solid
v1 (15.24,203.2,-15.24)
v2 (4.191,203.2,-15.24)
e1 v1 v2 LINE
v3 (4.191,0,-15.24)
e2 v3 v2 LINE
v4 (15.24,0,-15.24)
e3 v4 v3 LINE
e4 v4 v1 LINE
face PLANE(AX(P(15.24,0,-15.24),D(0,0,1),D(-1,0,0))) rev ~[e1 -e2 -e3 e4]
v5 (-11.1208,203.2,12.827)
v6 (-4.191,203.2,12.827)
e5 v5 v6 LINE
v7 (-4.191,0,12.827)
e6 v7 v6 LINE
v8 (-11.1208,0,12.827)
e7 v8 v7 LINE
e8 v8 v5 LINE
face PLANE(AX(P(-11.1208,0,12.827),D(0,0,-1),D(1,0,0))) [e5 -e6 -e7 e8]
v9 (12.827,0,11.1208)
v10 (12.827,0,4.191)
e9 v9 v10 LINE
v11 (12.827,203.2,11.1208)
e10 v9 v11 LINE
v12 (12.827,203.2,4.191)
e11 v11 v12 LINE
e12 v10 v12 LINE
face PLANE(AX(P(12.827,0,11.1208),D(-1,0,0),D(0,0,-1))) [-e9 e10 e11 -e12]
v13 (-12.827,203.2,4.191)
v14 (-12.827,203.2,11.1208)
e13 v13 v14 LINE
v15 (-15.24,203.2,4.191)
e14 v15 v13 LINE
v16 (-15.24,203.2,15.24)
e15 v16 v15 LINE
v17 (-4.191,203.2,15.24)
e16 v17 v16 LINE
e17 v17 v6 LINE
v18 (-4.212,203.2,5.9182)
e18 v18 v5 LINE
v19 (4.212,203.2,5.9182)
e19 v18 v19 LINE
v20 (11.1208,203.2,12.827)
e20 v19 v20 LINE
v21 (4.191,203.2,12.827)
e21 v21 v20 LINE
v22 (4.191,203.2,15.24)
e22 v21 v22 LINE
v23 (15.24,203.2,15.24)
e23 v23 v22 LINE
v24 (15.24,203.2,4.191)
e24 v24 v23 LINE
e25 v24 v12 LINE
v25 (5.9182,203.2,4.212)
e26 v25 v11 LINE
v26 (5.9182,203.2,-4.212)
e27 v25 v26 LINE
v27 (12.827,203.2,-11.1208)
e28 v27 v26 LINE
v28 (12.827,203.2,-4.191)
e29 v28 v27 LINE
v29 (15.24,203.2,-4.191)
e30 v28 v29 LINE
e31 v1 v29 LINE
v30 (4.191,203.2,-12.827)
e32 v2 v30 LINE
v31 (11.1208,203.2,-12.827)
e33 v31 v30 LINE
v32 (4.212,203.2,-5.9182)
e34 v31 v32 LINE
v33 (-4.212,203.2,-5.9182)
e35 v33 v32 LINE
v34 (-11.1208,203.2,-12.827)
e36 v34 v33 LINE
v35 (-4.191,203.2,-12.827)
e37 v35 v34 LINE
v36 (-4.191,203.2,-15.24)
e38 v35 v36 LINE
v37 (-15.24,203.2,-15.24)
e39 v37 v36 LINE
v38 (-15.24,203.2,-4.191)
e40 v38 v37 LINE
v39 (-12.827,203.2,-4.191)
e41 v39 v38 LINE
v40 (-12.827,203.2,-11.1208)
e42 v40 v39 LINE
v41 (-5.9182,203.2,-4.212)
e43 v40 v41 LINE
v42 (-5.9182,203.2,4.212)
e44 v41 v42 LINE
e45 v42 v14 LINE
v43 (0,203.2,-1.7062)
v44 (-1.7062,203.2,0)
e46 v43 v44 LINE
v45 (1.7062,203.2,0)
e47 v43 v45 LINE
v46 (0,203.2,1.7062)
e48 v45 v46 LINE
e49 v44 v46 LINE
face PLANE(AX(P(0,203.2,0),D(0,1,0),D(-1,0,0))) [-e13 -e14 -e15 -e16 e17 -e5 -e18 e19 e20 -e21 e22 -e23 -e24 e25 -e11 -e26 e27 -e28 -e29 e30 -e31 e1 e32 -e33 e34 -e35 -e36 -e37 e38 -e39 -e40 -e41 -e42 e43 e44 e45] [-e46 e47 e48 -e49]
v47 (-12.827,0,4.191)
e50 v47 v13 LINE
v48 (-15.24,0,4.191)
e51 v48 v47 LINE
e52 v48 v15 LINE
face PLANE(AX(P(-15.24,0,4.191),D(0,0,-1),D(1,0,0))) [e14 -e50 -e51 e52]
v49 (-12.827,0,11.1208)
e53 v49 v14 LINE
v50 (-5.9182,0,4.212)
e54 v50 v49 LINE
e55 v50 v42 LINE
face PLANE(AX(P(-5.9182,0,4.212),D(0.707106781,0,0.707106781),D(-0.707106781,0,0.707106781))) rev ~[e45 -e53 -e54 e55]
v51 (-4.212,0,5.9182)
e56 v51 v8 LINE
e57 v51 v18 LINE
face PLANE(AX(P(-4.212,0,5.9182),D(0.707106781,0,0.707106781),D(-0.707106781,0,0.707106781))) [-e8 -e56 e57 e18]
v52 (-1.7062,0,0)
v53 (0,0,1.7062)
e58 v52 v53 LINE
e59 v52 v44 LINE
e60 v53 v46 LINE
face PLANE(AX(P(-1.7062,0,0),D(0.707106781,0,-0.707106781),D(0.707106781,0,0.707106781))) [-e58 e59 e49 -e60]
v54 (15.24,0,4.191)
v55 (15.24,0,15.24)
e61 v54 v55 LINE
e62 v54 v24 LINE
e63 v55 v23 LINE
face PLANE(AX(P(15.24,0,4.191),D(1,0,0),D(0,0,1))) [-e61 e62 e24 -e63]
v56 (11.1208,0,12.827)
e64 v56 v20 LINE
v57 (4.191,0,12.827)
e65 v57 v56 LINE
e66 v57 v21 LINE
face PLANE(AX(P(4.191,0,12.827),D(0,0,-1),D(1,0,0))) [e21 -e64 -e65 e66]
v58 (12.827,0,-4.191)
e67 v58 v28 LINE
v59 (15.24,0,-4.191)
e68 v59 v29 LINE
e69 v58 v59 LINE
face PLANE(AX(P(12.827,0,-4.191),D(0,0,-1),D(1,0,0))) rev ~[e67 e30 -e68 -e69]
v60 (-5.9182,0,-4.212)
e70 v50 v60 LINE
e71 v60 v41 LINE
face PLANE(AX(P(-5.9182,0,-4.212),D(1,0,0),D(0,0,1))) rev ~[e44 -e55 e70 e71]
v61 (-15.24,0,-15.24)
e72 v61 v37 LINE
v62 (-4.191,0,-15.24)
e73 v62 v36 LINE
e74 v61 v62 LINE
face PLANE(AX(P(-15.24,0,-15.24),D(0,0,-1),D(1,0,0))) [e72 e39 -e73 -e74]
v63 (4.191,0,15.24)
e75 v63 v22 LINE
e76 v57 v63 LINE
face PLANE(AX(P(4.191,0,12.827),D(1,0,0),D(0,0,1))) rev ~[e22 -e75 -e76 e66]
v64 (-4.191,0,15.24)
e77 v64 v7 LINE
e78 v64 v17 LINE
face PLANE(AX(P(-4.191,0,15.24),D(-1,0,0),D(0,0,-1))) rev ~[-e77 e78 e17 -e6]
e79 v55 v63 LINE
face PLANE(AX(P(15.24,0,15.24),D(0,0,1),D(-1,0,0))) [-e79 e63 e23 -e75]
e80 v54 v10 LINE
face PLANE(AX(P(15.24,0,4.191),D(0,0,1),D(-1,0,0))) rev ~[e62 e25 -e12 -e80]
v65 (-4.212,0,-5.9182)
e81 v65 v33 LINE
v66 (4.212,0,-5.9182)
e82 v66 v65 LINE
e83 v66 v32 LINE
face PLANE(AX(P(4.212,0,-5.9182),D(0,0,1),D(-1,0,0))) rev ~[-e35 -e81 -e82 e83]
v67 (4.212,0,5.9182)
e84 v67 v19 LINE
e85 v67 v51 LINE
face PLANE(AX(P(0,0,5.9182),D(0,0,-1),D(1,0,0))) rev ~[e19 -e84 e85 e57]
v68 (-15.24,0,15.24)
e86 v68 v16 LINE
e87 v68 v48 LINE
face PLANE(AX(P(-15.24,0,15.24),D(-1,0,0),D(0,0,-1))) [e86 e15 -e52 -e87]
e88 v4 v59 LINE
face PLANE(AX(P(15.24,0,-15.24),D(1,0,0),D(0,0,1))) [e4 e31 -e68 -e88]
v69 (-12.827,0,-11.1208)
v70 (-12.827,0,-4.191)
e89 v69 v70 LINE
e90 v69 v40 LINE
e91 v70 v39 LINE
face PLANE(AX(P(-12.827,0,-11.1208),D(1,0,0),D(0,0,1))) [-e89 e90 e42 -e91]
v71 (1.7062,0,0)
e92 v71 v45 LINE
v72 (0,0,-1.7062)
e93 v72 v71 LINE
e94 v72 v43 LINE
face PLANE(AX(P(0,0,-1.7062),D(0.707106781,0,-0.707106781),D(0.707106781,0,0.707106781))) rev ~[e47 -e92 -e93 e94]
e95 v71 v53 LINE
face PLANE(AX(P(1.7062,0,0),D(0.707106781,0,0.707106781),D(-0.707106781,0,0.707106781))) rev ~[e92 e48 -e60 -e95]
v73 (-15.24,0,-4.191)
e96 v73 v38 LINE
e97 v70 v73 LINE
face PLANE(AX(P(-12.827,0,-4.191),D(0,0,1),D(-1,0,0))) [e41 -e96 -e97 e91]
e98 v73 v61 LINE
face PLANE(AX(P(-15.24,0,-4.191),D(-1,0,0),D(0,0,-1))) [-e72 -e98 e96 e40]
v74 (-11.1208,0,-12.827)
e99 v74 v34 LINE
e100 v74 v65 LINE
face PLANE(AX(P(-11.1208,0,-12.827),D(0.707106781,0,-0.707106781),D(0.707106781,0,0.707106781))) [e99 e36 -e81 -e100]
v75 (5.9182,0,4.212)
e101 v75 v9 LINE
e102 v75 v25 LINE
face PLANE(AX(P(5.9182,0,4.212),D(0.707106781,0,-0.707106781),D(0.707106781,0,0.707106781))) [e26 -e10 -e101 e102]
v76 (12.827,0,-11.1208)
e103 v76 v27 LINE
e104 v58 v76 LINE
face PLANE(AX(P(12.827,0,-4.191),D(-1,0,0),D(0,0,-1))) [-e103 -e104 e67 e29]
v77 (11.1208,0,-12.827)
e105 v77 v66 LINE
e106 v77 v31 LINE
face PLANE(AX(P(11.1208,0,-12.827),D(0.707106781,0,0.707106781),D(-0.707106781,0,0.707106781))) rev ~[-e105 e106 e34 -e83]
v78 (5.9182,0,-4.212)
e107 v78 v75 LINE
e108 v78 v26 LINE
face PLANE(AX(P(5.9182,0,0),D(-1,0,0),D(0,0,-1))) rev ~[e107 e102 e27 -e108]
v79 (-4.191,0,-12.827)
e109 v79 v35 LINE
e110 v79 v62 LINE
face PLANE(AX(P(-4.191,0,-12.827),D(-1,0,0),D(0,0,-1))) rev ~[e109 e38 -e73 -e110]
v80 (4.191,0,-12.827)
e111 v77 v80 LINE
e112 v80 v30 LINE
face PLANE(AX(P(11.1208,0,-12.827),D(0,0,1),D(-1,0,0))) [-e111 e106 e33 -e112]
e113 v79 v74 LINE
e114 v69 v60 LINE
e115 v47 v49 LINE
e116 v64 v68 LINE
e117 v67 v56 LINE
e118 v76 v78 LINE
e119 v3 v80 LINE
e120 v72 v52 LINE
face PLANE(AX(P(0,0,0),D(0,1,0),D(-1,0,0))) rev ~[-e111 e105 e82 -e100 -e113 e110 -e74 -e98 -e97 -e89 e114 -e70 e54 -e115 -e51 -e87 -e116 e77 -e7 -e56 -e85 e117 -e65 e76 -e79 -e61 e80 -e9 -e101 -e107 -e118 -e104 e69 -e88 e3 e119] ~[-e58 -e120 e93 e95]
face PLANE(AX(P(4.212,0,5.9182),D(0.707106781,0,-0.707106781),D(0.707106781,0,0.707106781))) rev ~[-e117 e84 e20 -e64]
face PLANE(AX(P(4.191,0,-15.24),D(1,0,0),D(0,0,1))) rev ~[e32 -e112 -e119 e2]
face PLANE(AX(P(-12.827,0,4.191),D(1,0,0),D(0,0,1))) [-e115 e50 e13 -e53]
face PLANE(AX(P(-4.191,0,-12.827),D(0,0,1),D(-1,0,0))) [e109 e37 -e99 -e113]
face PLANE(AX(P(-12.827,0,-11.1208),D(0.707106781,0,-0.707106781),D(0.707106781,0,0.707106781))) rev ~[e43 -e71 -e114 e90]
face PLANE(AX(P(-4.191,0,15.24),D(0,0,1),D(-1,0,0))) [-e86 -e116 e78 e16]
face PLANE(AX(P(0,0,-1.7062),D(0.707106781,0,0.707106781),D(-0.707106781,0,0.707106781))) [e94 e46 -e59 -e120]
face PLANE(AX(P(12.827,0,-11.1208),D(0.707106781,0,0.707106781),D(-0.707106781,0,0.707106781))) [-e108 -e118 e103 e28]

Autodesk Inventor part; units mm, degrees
ref_plane "YZ Plane" through (0, 0, 0) normal (1, 0, 0) x (0, 1, 0)
ref_plane "XZ Plane" through (0, 0, 0) normal (0, 1, 0) x (-1, 0, 0)
ref_plane "XY Plane" through (0, 0, 0) normal (0, 0, 1) x (1, 0, 0)
sketch "Sketch1" plane through (0, 0, 0) normal (0, 1, 0) x (-1, 0, 0)
  line L0 (0, -21.336) -> (0, 21.336) projected
  line L1 (-21.336, 0) -> (21.336, 0) projected
  line L2 (15.24, -15.24) -> (4.191, -15.24)
  line L3 (-15.24, -15.24) -> (-4.191, -15.24)
  line L4 (15.24, 4.191) -> (12.827, 4.191)
  line L5 (12.827, -4.191) -> (15.24, -4.191)
  line L6 (-4.191, 12.827) -> (-4.191, 15.24)
  line L7 (4.191, 15.24) -> (4.191, 12.827)
  line L8 (-11.1208, -12.827) -> (-4.212, -5.9182)
  line L9 (-12.827, -11.1208) -> (-5.9182, -4.212)
  line L10 (-5.9182, 4.212) -> (-12.827, 11.1208)
  line L11 (-4.212, 5.9182) -> (-11.1208, 12.827)
  line L12 (-1.7062, 0) -> (0, 1.7062)
  line L13 (4.212, 5.9182) -> (11.1208, 12.827)
  line L14 (0, -1.7062) -> (1.7062, 0)
  line L15 (5.9182, 4.212) -> (12.827, 11.1208)
  line L16 (12.827, -11.1208) -> (5.9182, -4.212)
  line L17 (1.7062, 0) -> (0, 1.7062)
  line L18 (11.1208, -12.827) -> (4.212, -5.9182)
  line L19 (0, -1.7062) -> (-1.7062, 0)
  line L20 (4.191, -12.827) -> (4.191, -15.24)
  line L21 (-15.24, 4.191) -> (-12.827, 4.191)
  line L22 (-4.191, -15.24) -> (-4.191, -12.827)
  line L23 (-12.827, -4.191) -> (-15.24, -4.191)
  line L24 (11.1208, 12.827) -> (4.191, 12.827)
  line L25 (-4.191, 12.827) -> (-11.1208, 12.827)
  line L26 (-12.827, 11.1208) -> (-12.827, 4.191)
  line L27 (-12.827, -4.191) -> (-12.827, -11.1208)
  line L28 (-11.1208, -12.827) -> (-4.191, -12.827)
  line L29 (4.191, -12.827) -> (11.1208, -12.827)
  line L30 (12.827, -11.1208) -> (12.827, -4.191)
  line L31 (12.827, 4.191) -> (12.827, 11.1208)
  line L32 (-15.24, -15.24) -> (-15.24, -4.191)
  line L33 (-15.24, 4.191) -> (-15.24, 15.24)
  line L34 (15.24, -15.24) -> (4.191, -15.24)
  line L35 (-4.191, -15.24) -> (-15.24, -15.24)
  line L36 (15.24, 15.24) -> (15.24, 4.191)
  line L37 (15.24, -4.191) -> (15.24, -15.24)
  line L38 (-15.24, 15.24) -> (-4.191, 15.24)
  line L39 (4.191, 15.24) -> (15.24, 15.24)
  line L40 (4.212, 5.9182) -> (-4.212, 5.9182)
  line L41 (-5.9182, 4.212) -> (-5.9182, -4.212)
  line L42 (-4.212, -5.9182) -> (4.212, -5.9182)
  line L43 (5.9182, -4.212) -> (5.9182, 4.212)
  line L44 (5.9182, 5.9182) -> (-5.9182, -5.9182) construction
  line L45 (-5.9182, 5.9182) -> (5.9182, -5.9182) construction
  point P0 (0, 0)
  point P1 (0, -4.191)
  point P2 (-4.191, 0)
  point P3 (0, 4.191)
  point P4 (4.191, 0)
  dimension "d4" = 11.049
  dimension "d5" = 30.48
  dimension "d6" = 30.48
  dimension "d15" = 11.8364
  dimension "d16" = 11.8364
extrude "Extrusion1" add sketch "Sketch1" along normal blind 203.2 contours L42 L8 L28 L22 L3 L32 L23 L27 L9 L41 L1 L19 L0 | L0 L14 L1 L43 L16 L30 L5 L37 L2 L20 L29 L18 L42 | L17 L0 L40 L13 L24 L7 L39 L36 L4 L31 L15 L43 L1 | L1 L41 L10 L26 L21 L33 L38 L6 L25 L11 L40 L0 L12
properties part number "ProfileOne-01"
